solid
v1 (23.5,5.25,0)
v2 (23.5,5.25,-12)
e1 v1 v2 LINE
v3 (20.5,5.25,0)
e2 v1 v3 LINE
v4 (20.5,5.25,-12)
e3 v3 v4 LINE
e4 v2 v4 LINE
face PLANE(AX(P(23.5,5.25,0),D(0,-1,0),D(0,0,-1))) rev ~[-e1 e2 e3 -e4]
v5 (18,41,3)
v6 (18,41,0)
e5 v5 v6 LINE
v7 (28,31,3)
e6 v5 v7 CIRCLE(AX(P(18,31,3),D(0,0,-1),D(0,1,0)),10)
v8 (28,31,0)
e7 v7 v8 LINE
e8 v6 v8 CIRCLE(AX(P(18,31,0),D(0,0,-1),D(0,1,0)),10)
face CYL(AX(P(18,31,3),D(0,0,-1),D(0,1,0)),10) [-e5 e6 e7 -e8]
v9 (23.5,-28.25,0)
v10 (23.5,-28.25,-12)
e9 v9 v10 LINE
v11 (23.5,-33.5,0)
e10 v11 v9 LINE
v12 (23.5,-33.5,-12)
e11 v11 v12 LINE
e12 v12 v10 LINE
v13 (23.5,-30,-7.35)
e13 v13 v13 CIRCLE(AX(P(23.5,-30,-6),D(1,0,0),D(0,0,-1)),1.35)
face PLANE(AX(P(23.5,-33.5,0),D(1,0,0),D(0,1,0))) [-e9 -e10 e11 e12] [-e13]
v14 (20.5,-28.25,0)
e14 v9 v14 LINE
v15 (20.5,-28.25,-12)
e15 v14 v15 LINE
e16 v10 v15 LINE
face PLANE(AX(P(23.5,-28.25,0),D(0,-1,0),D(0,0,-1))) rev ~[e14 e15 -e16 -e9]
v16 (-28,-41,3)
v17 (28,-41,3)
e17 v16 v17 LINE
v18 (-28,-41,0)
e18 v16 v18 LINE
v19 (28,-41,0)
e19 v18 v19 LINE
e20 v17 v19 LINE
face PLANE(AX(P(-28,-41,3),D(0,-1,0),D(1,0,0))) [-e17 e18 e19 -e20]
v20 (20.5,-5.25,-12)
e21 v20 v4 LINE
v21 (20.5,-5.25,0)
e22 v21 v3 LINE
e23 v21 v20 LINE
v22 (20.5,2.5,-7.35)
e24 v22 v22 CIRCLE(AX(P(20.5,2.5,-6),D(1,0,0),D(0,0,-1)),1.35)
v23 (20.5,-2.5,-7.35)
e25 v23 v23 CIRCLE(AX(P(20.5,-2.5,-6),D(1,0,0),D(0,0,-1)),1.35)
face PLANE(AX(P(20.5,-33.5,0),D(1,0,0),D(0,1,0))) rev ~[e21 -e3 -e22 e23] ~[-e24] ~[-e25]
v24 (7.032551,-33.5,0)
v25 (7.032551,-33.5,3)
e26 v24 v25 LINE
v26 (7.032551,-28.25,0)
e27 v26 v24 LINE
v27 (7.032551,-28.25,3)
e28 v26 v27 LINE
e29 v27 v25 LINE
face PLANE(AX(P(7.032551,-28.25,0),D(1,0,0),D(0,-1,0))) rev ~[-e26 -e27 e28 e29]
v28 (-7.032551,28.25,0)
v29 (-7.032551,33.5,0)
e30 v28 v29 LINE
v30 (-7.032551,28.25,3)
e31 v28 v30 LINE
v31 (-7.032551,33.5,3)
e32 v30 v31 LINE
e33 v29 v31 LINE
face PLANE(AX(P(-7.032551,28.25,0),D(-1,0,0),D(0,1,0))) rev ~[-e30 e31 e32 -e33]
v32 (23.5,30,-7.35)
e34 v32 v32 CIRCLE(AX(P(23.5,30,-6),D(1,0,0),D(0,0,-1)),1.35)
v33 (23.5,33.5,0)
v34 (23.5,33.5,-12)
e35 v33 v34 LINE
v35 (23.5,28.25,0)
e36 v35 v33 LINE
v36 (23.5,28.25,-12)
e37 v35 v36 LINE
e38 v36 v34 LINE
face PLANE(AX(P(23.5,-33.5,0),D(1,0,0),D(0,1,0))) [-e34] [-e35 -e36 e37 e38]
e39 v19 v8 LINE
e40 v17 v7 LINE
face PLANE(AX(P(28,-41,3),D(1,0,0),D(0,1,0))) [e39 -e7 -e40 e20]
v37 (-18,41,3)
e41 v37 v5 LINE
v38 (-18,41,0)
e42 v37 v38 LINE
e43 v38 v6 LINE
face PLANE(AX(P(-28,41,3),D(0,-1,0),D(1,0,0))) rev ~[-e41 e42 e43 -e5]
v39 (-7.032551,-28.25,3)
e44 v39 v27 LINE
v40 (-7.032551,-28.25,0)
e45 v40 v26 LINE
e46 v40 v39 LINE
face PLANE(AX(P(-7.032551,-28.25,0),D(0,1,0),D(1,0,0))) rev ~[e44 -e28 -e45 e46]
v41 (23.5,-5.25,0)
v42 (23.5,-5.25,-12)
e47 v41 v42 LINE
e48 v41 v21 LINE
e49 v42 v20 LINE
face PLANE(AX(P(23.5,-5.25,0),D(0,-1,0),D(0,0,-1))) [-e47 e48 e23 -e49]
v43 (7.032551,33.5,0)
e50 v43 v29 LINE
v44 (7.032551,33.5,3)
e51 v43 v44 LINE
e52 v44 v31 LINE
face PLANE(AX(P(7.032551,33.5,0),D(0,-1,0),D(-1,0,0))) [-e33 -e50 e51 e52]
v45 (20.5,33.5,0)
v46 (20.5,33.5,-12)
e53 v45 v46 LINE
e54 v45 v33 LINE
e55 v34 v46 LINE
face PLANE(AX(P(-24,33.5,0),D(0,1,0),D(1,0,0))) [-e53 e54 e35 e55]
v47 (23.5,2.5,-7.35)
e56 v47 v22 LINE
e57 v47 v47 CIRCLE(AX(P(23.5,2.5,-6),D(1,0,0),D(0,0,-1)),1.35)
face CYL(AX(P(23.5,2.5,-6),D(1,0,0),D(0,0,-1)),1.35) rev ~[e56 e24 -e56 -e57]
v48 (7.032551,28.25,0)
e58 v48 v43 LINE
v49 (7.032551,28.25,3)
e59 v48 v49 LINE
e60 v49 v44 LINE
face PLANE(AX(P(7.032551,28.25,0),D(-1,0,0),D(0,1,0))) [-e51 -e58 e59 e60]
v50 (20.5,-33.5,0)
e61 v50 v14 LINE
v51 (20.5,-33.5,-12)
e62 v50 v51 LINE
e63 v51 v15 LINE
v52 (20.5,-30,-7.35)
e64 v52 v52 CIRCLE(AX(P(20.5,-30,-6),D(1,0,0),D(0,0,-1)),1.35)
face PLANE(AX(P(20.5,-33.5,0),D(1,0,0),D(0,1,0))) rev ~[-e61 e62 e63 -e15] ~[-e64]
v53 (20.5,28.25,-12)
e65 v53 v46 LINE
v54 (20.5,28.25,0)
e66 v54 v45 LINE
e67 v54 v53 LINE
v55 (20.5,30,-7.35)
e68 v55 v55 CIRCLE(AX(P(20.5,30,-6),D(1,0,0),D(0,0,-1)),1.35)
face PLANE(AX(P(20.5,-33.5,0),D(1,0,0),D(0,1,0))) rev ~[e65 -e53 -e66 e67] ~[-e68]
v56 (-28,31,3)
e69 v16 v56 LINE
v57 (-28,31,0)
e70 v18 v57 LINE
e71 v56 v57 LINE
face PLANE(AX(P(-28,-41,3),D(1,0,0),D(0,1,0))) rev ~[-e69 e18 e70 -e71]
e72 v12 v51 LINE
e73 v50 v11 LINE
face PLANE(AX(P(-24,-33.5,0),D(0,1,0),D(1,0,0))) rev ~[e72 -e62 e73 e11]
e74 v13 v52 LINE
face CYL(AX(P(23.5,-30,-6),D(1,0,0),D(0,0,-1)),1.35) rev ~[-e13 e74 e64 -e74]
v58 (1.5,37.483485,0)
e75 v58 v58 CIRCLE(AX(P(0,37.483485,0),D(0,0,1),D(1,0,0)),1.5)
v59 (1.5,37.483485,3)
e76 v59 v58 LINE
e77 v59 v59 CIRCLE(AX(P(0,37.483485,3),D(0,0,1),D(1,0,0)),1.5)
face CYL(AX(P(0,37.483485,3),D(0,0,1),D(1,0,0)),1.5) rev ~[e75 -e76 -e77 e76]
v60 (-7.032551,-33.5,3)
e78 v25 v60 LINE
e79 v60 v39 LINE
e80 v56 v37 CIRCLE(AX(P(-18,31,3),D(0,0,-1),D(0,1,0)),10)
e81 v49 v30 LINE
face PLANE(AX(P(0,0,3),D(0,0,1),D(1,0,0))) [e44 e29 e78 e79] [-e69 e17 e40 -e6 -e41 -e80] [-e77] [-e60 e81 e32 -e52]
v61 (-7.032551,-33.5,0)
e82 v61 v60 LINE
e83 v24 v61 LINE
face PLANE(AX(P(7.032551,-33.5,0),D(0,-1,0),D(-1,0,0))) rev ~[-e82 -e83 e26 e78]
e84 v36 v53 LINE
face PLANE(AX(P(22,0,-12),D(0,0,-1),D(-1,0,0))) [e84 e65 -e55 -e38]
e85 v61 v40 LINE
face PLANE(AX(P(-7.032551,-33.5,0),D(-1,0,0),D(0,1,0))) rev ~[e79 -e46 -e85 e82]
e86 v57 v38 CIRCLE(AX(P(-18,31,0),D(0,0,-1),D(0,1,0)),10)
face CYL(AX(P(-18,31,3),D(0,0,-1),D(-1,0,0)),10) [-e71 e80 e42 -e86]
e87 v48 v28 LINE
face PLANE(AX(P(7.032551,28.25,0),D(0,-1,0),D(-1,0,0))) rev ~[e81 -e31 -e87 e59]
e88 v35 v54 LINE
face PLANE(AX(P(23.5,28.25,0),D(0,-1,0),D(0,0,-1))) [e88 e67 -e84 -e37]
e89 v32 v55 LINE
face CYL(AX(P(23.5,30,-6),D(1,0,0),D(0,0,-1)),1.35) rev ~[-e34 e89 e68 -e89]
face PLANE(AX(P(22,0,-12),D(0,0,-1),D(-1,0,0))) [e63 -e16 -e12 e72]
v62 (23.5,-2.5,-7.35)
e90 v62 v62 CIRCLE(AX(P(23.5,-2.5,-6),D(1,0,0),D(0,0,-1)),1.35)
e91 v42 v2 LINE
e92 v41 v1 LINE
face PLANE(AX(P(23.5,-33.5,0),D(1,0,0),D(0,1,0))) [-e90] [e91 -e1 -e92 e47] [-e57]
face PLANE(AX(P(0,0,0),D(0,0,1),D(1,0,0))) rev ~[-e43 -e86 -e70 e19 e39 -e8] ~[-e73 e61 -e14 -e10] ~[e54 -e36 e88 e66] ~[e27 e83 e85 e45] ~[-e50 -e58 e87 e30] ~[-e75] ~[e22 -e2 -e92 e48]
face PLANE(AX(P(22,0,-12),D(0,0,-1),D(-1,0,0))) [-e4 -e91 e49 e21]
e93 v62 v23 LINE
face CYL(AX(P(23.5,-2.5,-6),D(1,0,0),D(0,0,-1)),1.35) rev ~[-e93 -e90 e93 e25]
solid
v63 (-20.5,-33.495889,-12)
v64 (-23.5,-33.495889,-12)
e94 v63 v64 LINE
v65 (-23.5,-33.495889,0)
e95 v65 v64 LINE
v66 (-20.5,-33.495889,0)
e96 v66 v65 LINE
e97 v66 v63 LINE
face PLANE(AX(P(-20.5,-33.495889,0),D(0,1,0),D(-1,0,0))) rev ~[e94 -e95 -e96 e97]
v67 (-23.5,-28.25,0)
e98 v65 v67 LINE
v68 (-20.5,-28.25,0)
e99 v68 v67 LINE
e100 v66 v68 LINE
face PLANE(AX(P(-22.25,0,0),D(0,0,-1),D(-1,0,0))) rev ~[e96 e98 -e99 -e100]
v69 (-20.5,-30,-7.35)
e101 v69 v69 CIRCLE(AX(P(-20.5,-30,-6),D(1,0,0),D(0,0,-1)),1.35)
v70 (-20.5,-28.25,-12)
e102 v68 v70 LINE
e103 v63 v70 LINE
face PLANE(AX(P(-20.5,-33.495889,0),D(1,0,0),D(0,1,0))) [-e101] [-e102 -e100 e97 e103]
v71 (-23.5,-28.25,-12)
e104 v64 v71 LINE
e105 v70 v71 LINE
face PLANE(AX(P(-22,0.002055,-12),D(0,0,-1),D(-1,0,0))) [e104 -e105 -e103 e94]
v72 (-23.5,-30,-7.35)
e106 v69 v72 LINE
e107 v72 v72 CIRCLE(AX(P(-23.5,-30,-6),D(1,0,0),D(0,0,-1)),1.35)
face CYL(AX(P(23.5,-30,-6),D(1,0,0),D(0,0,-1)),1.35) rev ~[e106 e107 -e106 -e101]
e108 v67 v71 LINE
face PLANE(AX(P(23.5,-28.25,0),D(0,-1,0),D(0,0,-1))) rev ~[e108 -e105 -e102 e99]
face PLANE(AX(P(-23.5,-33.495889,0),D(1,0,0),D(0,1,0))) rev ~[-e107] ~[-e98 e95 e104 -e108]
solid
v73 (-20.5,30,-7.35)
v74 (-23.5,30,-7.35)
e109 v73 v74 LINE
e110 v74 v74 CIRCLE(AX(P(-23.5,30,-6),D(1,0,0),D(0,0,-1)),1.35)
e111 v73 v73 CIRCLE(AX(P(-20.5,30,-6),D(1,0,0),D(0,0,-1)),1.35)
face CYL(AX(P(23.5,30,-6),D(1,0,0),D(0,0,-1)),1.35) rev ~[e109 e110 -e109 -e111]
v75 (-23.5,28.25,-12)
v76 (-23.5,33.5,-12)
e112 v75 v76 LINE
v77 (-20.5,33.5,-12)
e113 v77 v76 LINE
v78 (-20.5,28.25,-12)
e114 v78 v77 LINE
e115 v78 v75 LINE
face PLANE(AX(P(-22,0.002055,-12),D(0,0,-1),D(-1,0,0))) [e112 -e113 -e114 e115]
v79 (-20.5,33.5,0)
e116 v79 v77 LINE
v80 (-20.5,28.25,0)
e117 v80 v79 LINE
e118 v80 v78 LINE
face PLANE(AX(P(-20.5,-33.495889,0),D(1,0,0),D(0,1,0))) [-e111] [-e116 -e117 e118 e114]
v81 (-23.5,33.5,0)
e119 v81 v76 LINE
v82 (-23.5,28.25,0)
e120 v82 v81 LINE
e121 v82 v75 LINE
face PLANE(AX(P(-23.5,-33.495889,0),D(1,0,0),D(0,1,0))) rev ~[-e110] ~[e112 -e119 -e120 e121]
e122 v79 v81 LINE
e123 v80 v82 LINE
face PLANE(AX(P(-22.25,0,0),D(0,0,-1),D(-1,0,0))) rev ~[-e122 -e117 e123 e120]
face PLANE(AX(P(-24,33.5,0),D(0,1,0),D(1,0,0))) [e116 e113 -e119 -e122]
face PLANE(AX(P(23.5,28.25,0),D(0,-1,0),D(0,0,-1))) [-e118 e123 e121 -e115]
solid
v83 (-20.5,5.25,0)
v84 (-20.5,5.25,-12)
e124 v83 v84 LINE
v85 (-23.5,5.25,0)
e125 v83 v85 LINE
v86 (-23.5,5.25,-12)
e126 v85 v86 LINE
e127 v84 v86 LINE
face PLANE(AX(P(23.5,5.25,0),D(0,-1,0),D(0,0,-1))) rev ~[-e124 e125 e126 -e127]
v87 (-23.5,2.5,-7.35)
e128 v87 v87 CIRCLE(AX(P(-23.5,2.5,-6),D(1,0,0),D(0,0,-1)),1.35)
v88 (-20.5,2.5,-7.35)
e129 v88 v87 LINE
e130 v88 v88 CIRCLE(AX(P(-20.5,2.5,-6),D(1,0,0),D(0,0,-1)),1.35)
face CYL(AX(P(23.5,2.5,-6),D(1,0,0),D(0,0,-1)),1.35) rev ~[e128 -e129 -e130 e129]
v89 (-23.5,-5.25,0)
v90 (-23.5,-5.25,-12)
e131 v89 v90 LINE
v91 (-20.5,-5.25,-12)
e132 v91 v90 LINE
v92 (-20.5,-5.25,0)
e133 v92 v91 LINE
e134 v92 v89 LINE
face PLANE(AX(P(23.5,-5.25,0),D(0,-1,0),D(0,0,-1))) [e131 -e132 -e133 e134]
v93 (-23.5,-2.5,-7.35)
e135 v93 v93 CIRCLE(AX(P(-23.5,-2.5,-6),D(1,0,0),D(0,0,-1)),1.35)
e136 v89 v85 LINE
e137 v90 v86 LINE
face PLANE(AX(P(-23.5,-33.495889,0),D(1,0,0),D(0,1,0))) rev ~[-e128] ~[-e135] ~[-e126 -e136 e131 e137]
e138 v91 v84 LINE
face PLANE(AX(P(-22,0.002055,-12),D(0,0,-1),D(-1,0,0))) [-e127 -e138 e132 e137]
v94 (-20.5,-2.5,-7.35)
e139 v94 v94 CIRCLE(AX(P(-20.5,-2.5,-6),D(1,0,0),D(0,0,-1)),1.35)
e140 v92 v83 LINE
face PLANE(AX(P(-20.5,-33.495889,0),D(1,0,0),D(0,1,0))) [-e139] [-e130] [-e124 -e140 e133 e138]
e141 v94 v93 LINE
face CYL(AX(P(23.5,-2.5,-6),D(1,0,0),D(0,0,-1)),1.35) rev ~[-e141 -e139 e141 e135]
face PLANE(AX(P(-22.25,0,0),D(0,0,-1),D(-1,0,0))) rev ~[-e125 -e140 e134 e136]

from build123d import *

# Parameters (mm, degrees)
SKETCH_1_W          = 48
SKETCH_1_H          = 67
EXTRUDE_2_DEPTH     = 3
SKETCH_3_W          = 3
SKETCH_3_H          = 67
SKETCH_3_H_2        = 66.995889348
EXTRUDE_3_DEPTH     = 12
SKETCH_4_R          = 1.35
SKETCH_4_W          = 12
SKETCH_4_H          = 23
CUT_EXTRUDE_1_DEPTH = 65
SKETCH_5_W          = 18.288137738
SKETCH_5_H          = 10.5
CUT_EXTRUDE_2_DEPTH = 65
SKETCH_6_W          = 3.5
SKETCH_6_H          = 67
SKETCH_6_W_2        = 0.25
CUT_EXTRUDE_3_DEPTH = 65
SKETCH_7_W          = 56
SKETCH_7_H          = 82
EXTRUDE_4_DEPTH     = 3
SKETCH_9_W          = 14.065102052
SKETCH_9_H          = 5.25
CUT_EXTRUDE_4_DEPTH = 3
SKETCH_10_R         = 1.5
CUT_EXTRUDE_5_DEPTH = 3
FILLET_2_R          = 10


with BuildPart() as part:
    # 草图1 → 凸台-拉伸2 (new body)
    with BuildSketch(Plane.XY):
        Rectangle(SKETCH_1_W, SKETCH_1_H)
    extrude(amount=EXTRUDE_2_DEPTH)

    # 草图3 → 凸台-拉伸3 (add)
    with BuildSketch(Plane(origin=(0, 0, 0), x_dir=(-1, 0, 0), z_dir=(0, 0, -1))):
        with Locations((-22, 0)):
            Rectangle(SKETCH_3_W, SKETCH_3_H)
        with Locations((22, 0.002055326)):
            Rectangle(SKETCH_3_W, SKETCH_3_H_2)
    extrude(amount=EXTRUDE_3_DEPTH)

    # 草图4 → 切除-拉伸1 (cut)
    with BuildSketch(Plane(origin=(23.5, 0, 0), x_dir=(0, 0, -1), z_dir=(1, 0, 0))):
        with Locations((6, 2.5)):
            Circle(SKETCH_4_R)
        with Locations((6, 30)):
            Circle(SKETCH_4_R)
        with Locations((6, -2.5)):
            Circle(SKETCH_4_R)
        with Locations((6, -30)):
            Circle(SKETCH_4_R)
        with Locations((6, -16.75)):
            Rectangle(SKETCH_4_W, SKETCH_4_H)
        with Locations((6, 16.75)):
            Rectangle(SKETCH_4_W, SKETCH_4_H)
    extrude(amount=-CUT_EXTRUDE_1_DEPTH, mode=Mode.SUBTRACT)

    # 草图5 → 切除-拉伸2 (cut)
    with BuildSketch(Plane(origin=(0, 0, 0), x_dir=(-1, 0, 0), z_dir=(0, 0, -1))):
        Rectangle(SKETCH_5_W, SKETCH_5_H)
    extrude(amount=-CUT_EXTRUDE_2_DEPTH, mode=Mode.SUBTRACT)

    # 草图6 → 切除-拉伸3 (cut)
    with BuildSketch(Plane(origin=(0, 0, 0), x_dir=(-1, 0, 0), z_dir=(0, 0, -1))):
        with Locations((22.25, 0)):
            Rectangle(SKETCH_6_W, SKETCH_6_H)
        with Locations((-23.875, 0)):
            Rectangle(SKETCH_6_W_2, SKETCH_6_H)
    extrude(amount=-CUT_EXTRUDE_3_DEPTH, mode=Mode.SUBTRACT)


with BuildPart() as cut_extrude_3_piece_1:
    # of the separate pieces the step leaves, piece 1, a body of its own (cut_extrude_3_pieces)
    add(part.part.solids().sort_by_distance((23.75, -33.5, 0))[0])

    # 草图7 → 凸台-拉伸4 (add)
    with BuildSketch(Plane.XY.offset(3)):
        Rectangle(SKETCH_7_W, SKETCH_7_H)
    extrude(amount=-EXTRUDE_4_DEPTH)

    # 草图9 → 切除-拉伸4 (cut)
    with BuildSketch(Plane(origin=(0, 0, 0), x_dir=(-1, 0, 0), z_dir=(0, 0, -1))):
        with Locations((0, 30.875)):
            Rectangle(SKETCH_9_W, SKETCH_9_H)
        Polygon((0, -28.25), (-7.032551026, -28.25), (-7.032551026, -33.5), (7.032551026, -33.5), (7.032551026, -28.25), align=None)
    extrude(amount=-CUT_EXTRUDE_4_DEPTH, mode=Mode.SUBTRACT)

    # 草图10 → 切除-拉伸5 (cut)
    with BuildSketch(Plane.XY.offset(3)):
        with Locations((0, 37.483485188)):
            Circle(SKETCH_10_R)
    extrude(amount=-CUT_EXTRUDE_5_DEPTH, mode=Mode.SUBTRACT)

    # 圆角2
    fillet_2_edges = [cut_extrude_3_piece_1.edges().sort_by_distance(p)[0] for p in [
        (-28, 41, 1.5),
        (28, 41, 1.5),
    ]]
    fillet(fillet_2_edges, radius=FILLET_2_R)


with BuildPart() as cut_extrude_3_piece_2:
    # of the separate pieces the step leaves, piece 2, a body of its own (cut_extrude_3_pieces)
    add(part.part.solids().sort_by_distance((-20.5, 5.25, -12))[0])


with BuildPart() as cut_extrude_3_piece_3:
    # of the separate pieces the step leaves, piece 3, a body of its own (cut_extrude_3_pieces)
    add(part.part.solids().sort_by_distance((-20.5, 33.5, -12))[0])


with BuildPart() as cut_extrude_3_piece_4:
    # of the separate pieces the step leaves, piece 4, a body of its own (cut_extrude_3_pieces)
    add(part.part.solids().sort_by_distance((-20.5, -28.25, -12))[0])


solid = Compound([cut_extrude_3_piece_1.part, cut_extrude_3_piece_2.part, cut_extrude_3_piece_3.part, cut_extrude_3_piece_4.part])
